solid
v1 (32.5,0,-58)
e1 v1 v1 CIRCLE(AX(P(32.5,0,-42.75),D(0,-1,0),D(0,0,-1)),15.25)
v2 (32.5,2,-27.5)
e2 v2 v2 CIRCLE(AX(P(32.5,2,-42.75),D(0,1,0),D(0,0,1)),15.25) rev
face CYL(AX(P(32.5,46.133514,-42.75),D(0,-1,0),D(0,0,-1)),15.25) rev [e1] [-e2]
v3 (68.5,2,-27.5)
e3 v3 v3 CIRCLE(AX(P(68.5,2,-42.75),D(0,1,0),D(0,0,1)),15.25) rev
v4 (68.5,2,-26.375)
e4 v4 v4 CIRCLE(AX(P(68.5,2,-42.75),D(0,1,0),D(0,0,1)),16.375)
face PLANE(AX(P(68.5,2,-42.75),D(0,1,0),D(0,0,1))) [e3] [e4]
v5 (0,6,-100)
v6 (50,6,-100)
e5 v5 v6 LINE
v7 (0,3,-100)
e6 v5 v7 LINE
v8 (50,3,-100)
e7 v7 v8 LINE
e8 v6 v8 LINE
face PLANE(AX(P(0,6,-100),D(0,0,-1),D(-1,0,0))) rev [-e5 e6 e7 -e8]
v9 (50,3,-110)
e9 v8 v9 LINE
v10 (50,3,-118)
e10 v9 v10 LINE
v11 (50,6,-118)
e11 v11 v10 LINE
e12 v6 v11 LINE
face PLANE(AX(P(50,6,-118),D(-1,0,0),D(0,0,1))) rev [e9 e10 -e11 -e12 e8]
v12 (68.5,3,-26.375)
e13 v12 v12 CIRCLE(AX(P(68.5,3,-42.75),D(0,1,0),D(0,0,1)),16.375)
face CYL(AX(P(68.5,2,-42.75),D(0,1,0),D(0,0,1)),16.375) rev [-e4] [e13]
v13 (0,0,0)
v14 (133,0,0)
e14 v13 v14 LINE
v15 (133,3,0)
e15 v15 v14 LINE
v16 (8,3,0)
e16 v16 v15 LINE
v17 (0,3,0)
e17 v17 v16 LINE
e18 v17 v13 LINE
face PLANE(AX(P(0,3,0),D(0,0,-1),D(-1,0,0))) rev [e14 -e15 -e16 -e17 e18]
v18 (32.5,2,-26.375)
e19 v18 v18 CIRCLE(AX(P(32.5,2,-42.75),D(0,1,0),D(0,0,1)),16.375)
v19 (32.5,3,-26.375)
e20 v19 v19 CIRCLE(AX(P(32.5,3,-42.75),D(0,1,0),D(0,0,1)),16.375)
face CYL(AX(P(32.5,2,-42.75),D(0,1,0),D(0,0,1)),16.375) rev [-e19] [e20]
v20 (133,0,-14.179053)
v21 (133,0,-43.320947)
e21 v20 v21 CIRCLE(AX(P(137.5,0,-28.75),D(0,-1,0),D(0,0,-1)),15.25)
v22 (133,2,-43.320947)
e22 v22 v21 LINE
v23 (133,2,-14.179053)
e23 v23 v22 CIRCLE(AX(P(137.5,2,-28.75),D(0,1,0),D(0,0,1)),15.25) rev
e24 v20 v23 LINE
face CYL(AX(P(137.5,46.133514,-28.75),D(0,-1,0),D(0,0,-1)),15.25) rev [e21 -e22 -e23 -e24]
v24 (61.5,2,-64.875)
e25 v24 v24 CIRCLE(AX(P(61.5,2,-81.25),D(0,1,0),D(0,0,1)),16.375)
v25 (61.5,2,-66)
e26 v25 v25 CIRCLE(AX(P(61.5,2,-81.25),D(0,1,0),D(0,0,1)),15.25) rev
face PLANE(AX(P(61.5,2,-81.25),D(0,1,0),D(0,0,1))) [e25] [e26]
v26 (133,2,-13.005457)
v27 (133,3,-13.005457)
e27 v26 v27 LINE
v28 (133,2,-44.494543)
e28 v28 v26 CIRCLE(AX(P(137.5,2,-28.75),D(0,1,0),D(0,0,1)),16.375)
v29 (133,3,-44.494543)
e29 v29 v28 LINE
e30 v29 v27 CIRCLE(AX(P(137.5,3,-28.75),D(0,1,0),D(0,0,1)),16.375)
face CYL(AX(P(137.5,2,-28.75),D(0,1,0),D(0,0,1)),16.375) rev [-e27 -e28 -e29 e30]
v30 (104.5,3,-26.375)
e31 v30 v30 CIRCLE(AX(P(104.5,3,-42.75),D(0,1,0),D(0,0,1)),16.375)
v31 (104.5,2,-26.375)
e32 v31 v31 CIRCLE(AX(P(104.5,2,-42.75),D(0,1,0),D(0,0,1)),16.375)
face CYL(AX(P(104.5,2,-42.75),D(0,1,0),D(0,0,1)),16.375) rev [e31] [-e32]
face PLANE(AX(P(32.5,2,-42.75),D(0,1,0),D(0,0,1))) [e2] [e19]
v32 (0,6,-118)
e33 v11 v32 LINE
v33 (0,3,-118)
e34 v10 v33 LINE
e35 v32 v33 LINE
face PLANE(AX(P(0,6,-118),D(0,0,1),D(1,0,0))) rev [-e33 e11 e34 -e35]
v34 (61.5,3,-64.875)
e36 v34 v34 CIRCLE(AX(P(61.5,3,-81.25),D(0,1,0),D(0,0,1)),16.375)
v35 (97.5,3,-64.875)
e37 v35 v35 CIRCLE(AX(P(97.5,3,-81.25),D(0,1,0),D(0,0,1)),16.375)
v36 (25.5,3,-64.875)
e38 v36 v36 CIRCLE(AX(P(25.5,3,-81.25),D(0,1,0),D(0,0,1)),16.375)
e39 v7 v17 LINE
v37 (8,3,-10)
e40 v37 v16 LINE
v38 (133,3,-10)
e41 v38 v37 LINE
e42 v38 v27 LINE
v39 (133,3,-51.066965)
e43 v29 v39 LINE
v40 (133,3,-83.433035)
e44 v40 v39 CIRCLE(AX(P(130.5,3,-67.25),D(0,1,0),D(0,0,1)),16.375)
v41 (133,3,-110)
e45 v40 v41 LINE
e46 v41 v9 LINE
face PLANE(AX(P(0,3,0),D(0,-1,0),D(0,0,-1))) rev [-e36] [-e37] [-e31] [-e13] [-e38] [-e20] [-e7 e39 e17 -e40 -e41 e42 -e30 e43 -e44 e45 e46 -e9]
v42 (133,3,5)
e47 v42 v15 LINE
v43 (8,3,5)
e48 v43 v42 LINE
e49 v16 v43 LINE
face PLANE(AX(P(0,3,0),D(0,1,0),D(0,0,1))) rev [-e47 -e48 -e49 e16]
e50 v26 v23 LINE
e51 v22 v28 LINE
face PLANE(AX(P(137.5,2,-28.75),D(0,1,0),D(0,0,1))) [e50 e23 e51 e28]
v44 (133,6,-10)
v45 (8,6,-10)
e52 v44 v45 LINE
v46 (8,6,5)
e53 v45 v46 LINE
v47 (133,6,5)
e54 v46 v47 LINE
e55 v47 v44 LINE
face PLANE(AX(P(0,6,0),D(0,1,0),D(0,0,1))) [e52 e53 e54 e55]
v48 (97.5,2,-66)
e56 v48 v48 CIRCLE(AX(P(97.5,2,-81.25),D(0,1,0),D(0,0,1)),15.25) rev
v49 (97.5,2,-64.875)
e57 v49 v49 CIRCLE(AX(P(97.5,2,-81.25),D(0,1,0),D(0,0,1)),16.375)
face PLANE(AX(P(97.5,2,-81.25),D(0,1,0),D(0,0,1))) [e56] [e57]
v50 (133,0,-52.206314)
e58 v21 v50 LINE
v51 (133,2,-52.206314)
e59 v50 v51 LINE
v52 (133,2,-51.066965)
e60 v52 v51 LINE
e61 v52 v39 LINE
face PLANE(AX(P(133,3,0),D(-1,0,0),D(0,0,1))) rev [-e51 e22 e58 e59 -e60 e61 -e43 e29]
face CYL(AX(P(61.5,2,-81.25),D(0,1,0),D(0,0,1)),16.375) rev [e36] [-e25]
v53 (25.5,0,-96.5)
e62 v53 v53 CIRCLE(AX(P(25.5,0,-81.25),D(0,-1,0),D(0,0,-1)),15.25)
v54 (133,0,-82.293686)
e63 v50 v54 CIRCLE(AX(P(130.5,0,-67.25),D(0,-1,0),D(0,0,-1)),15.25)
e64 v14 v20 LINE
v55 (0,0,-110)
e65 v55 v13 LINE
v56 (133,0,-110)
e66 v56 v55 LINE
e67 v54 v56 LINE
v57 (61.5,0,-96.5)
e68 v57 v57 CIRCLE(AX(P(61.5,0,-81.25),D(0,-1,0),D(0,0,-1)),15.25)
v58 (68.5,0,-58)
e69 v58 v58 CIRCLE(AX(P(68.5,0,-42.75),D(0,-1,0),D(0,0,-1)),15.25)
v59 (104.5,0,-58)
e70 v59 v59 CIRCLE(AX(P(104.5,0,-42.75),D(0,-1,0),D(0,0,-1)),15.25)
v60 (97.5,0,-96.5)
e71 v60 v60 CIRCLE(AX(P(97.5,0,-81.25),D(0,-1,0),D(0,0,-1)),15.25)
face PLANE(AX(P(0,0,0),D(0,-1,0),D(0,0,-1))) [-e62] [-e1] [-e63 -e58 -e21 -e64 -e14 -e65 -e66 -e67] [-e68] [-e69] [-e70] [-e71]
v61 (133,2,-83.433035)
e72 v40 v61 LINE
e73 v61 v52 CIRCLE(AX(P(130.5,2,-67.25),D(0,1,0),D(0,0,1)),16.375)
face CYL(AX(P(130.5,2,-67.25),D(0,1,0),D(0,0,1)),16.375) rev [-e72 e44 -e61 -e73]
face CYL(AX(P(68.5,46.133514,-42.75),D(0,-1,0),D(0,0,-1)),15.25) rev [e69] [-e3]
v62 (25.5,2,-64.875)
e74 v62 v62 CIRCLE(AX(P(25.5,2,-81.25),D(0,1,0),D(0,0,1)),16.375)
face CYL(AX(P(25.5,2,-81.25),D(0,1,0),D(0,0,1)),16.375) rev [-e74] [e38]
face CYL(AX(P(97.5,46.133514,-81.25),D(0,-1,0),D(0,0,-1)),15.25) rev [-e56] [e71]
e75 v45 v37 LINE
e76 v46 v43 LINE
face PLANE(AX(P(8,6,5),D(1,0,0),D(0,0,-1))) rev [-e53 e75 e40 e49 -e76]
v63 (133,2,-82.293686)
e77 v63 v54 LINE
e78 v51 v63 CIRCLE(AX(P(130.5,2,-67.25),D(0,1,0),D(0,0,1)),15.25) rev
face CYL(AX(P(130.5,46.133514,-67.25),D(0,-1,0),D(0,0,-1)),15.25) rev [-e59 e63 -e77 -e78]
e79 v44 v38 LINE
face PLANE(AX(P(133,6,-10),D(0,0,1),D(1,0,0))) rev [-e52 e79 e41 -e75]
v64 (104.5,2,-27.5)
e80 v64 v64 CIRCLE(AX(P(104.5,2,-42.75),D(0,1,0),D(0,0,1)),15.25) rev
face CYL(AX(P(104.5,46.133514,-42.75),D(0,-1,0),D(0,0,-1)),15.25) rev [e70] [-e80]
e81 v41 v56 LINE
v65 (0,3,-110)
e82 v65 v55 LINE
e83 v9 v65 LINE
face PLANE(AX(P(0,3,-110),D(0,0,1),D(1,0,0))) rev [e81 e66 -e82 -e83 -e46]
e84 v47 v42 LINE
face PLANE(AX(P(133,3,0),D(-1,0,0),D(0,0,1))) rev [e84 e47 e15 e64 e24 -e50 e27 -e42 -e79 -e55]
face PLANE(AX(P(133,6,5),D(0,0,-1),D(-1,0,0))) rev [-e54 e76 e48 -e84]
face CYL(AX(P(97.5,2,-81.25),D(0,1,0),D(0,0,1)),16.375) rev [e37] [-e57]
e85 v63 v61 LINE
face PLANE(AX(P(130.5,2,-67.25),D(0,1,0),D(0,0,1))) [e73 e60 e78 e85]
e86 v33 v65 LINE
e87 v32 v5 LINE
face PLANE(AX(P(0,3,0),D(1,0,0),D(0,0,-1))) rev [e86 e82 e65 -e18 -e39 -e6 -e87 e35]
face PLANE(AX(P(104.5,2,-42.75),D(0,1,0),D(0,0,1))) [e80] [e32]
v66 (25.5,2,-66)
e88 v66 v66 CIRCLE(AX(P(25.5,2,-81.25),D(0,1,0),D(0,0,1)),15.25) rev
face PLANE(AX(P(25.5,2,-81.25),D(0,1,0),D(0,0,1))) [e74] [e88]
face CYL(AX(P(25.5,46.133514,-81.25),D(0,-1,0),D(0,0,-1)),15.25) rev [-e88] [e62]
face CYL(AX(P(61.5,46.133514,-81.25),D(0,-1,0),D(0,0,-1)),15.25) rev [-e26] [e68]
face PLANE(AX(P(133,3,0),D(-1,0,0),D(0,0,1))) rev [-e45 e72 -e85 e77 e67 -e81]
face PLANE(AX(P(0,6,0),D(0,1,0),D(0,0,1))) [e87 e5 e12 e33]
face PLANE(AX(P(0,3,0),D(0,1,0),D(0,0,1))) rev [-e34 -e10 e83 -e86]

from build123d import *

# Parameters (mm, degrees)
SKETCH1_W           = 133
SKETCH1_H           = 110
BOSS_EXTRUDE1_DEPTH = 3
SKETCH2_W           = 50
SKETCH2_H           = 18
BOSS_EXTRUDE2_DEPTH = 3
SKETCH3_W           = 125
SKETCH3_H           = 15
BOSS_EXTRUDE3_DEPTH = 3
SKETCH4_R           = 15.25
CUT_EXTRUDE1_DEPTH  = 3
SKETCH5_R           = 16.375
CUT_EXTRUDE2_DEPTH  = 1


with BuildPart() as part:
    # Sketch1 → Boss-Extrude1 (new body)
    with BuildSketch(Plane(origin=(0, 0, 0), x_dir=(1, 0, 0), z_dir=(0, 1, 0))):
        with Locations((66.5, 55)):
            Rectangle(SKETCH1_W, SKETCH1_H)
    extrude(amount=BOSS_EXTRUDE1_DEPTH)

    # Sketch2 → Boss-Extrude2 (add)
    with BuildSketch(Plane(origin=(0, 3, 0), x_dir=(1, 0, 0), z_dir=(0, 1, 0))):
        with Locations((25, 109)):
            Rectangle(SKETCH2_W, SKETCH2_H)
    extrude(amount=BOSS_EXTRUDE2_DEPTH)

    # Sketch3 → Boss-Extrude3 (add)
    with BuildSketch(Plane(origin=(0, 3, 0), x_dir=(1, 0, 0), z_dir=(0, 1, 0))):
        with Locations((70.5, 2.5)):
            Rectangle(SKETCH3_W, SKETCH3_H)
    extrude(amount=BOSS_EXTRUDE3_DEPTH)

    # Sketch4 → Cut-Extrude1 (cut)
    with BuildSketch(Plane.XZ):
        with Locations((25.5, -81.25)):
            Circle(SKETCH4_R)
        with Locations((32.5, -42.75)):
            Circle(SKETCH4_R)
        with Locations((61.5, -81.25)):
            Circle(SKETCH4_R)
        with Locations((97.5, -81.25)):
            Circle(SKETCH4_R)
        with Locations((130.5, -67.25)):
            Circle(SKETCH4_R)
        with Locations((68.5, -42.75)):
            Circle(SKETCH4_R)
        with Locations((104.5, -42.75)):
            Circle(SKETCH4_R)
        with Locations((137.5, -28.75)):
            Circle(SKETCH4_R)
    extrude(amount=-CUT_EXTRUDE1_DEPTH, mode=Mode.SUBTRACT)

    # Sketch5 → Cut-Extrude2 (cut)
    with BuildSketch(Plane(origin=(0, 3, 0), x_dir=(1, 0, 0), z_dir=(0, 1, 0))):
        with Locations((25.5, 81.25)):
            Circle(SKETCH5_R)
        with Locations((61.5, 81.25)):
            Circle(SKETCH5_R)
        with Locations((97.5, 81.25)):
            Circle(SKETCH5_R)
        with Locations((32.5, 42.75)):
            Circle(SKETCH5_R)
        with Locations((68.5, 42.75)):
            Circle(SKETCH5_R)
        with Locations((104.5, 42.75)):
            Circle(SKETCH5_R)
        with Locations((130.5, 67.25)):
            Circle(SKETCH5_R)
        with Locations((137.5, 28.75)):
            Circle(SKETCH5_R)
    extrude(amount=-CUT_EXTRUDE2_DEPTH, mode=Mode.SUBTRACT)


solid = part.part
